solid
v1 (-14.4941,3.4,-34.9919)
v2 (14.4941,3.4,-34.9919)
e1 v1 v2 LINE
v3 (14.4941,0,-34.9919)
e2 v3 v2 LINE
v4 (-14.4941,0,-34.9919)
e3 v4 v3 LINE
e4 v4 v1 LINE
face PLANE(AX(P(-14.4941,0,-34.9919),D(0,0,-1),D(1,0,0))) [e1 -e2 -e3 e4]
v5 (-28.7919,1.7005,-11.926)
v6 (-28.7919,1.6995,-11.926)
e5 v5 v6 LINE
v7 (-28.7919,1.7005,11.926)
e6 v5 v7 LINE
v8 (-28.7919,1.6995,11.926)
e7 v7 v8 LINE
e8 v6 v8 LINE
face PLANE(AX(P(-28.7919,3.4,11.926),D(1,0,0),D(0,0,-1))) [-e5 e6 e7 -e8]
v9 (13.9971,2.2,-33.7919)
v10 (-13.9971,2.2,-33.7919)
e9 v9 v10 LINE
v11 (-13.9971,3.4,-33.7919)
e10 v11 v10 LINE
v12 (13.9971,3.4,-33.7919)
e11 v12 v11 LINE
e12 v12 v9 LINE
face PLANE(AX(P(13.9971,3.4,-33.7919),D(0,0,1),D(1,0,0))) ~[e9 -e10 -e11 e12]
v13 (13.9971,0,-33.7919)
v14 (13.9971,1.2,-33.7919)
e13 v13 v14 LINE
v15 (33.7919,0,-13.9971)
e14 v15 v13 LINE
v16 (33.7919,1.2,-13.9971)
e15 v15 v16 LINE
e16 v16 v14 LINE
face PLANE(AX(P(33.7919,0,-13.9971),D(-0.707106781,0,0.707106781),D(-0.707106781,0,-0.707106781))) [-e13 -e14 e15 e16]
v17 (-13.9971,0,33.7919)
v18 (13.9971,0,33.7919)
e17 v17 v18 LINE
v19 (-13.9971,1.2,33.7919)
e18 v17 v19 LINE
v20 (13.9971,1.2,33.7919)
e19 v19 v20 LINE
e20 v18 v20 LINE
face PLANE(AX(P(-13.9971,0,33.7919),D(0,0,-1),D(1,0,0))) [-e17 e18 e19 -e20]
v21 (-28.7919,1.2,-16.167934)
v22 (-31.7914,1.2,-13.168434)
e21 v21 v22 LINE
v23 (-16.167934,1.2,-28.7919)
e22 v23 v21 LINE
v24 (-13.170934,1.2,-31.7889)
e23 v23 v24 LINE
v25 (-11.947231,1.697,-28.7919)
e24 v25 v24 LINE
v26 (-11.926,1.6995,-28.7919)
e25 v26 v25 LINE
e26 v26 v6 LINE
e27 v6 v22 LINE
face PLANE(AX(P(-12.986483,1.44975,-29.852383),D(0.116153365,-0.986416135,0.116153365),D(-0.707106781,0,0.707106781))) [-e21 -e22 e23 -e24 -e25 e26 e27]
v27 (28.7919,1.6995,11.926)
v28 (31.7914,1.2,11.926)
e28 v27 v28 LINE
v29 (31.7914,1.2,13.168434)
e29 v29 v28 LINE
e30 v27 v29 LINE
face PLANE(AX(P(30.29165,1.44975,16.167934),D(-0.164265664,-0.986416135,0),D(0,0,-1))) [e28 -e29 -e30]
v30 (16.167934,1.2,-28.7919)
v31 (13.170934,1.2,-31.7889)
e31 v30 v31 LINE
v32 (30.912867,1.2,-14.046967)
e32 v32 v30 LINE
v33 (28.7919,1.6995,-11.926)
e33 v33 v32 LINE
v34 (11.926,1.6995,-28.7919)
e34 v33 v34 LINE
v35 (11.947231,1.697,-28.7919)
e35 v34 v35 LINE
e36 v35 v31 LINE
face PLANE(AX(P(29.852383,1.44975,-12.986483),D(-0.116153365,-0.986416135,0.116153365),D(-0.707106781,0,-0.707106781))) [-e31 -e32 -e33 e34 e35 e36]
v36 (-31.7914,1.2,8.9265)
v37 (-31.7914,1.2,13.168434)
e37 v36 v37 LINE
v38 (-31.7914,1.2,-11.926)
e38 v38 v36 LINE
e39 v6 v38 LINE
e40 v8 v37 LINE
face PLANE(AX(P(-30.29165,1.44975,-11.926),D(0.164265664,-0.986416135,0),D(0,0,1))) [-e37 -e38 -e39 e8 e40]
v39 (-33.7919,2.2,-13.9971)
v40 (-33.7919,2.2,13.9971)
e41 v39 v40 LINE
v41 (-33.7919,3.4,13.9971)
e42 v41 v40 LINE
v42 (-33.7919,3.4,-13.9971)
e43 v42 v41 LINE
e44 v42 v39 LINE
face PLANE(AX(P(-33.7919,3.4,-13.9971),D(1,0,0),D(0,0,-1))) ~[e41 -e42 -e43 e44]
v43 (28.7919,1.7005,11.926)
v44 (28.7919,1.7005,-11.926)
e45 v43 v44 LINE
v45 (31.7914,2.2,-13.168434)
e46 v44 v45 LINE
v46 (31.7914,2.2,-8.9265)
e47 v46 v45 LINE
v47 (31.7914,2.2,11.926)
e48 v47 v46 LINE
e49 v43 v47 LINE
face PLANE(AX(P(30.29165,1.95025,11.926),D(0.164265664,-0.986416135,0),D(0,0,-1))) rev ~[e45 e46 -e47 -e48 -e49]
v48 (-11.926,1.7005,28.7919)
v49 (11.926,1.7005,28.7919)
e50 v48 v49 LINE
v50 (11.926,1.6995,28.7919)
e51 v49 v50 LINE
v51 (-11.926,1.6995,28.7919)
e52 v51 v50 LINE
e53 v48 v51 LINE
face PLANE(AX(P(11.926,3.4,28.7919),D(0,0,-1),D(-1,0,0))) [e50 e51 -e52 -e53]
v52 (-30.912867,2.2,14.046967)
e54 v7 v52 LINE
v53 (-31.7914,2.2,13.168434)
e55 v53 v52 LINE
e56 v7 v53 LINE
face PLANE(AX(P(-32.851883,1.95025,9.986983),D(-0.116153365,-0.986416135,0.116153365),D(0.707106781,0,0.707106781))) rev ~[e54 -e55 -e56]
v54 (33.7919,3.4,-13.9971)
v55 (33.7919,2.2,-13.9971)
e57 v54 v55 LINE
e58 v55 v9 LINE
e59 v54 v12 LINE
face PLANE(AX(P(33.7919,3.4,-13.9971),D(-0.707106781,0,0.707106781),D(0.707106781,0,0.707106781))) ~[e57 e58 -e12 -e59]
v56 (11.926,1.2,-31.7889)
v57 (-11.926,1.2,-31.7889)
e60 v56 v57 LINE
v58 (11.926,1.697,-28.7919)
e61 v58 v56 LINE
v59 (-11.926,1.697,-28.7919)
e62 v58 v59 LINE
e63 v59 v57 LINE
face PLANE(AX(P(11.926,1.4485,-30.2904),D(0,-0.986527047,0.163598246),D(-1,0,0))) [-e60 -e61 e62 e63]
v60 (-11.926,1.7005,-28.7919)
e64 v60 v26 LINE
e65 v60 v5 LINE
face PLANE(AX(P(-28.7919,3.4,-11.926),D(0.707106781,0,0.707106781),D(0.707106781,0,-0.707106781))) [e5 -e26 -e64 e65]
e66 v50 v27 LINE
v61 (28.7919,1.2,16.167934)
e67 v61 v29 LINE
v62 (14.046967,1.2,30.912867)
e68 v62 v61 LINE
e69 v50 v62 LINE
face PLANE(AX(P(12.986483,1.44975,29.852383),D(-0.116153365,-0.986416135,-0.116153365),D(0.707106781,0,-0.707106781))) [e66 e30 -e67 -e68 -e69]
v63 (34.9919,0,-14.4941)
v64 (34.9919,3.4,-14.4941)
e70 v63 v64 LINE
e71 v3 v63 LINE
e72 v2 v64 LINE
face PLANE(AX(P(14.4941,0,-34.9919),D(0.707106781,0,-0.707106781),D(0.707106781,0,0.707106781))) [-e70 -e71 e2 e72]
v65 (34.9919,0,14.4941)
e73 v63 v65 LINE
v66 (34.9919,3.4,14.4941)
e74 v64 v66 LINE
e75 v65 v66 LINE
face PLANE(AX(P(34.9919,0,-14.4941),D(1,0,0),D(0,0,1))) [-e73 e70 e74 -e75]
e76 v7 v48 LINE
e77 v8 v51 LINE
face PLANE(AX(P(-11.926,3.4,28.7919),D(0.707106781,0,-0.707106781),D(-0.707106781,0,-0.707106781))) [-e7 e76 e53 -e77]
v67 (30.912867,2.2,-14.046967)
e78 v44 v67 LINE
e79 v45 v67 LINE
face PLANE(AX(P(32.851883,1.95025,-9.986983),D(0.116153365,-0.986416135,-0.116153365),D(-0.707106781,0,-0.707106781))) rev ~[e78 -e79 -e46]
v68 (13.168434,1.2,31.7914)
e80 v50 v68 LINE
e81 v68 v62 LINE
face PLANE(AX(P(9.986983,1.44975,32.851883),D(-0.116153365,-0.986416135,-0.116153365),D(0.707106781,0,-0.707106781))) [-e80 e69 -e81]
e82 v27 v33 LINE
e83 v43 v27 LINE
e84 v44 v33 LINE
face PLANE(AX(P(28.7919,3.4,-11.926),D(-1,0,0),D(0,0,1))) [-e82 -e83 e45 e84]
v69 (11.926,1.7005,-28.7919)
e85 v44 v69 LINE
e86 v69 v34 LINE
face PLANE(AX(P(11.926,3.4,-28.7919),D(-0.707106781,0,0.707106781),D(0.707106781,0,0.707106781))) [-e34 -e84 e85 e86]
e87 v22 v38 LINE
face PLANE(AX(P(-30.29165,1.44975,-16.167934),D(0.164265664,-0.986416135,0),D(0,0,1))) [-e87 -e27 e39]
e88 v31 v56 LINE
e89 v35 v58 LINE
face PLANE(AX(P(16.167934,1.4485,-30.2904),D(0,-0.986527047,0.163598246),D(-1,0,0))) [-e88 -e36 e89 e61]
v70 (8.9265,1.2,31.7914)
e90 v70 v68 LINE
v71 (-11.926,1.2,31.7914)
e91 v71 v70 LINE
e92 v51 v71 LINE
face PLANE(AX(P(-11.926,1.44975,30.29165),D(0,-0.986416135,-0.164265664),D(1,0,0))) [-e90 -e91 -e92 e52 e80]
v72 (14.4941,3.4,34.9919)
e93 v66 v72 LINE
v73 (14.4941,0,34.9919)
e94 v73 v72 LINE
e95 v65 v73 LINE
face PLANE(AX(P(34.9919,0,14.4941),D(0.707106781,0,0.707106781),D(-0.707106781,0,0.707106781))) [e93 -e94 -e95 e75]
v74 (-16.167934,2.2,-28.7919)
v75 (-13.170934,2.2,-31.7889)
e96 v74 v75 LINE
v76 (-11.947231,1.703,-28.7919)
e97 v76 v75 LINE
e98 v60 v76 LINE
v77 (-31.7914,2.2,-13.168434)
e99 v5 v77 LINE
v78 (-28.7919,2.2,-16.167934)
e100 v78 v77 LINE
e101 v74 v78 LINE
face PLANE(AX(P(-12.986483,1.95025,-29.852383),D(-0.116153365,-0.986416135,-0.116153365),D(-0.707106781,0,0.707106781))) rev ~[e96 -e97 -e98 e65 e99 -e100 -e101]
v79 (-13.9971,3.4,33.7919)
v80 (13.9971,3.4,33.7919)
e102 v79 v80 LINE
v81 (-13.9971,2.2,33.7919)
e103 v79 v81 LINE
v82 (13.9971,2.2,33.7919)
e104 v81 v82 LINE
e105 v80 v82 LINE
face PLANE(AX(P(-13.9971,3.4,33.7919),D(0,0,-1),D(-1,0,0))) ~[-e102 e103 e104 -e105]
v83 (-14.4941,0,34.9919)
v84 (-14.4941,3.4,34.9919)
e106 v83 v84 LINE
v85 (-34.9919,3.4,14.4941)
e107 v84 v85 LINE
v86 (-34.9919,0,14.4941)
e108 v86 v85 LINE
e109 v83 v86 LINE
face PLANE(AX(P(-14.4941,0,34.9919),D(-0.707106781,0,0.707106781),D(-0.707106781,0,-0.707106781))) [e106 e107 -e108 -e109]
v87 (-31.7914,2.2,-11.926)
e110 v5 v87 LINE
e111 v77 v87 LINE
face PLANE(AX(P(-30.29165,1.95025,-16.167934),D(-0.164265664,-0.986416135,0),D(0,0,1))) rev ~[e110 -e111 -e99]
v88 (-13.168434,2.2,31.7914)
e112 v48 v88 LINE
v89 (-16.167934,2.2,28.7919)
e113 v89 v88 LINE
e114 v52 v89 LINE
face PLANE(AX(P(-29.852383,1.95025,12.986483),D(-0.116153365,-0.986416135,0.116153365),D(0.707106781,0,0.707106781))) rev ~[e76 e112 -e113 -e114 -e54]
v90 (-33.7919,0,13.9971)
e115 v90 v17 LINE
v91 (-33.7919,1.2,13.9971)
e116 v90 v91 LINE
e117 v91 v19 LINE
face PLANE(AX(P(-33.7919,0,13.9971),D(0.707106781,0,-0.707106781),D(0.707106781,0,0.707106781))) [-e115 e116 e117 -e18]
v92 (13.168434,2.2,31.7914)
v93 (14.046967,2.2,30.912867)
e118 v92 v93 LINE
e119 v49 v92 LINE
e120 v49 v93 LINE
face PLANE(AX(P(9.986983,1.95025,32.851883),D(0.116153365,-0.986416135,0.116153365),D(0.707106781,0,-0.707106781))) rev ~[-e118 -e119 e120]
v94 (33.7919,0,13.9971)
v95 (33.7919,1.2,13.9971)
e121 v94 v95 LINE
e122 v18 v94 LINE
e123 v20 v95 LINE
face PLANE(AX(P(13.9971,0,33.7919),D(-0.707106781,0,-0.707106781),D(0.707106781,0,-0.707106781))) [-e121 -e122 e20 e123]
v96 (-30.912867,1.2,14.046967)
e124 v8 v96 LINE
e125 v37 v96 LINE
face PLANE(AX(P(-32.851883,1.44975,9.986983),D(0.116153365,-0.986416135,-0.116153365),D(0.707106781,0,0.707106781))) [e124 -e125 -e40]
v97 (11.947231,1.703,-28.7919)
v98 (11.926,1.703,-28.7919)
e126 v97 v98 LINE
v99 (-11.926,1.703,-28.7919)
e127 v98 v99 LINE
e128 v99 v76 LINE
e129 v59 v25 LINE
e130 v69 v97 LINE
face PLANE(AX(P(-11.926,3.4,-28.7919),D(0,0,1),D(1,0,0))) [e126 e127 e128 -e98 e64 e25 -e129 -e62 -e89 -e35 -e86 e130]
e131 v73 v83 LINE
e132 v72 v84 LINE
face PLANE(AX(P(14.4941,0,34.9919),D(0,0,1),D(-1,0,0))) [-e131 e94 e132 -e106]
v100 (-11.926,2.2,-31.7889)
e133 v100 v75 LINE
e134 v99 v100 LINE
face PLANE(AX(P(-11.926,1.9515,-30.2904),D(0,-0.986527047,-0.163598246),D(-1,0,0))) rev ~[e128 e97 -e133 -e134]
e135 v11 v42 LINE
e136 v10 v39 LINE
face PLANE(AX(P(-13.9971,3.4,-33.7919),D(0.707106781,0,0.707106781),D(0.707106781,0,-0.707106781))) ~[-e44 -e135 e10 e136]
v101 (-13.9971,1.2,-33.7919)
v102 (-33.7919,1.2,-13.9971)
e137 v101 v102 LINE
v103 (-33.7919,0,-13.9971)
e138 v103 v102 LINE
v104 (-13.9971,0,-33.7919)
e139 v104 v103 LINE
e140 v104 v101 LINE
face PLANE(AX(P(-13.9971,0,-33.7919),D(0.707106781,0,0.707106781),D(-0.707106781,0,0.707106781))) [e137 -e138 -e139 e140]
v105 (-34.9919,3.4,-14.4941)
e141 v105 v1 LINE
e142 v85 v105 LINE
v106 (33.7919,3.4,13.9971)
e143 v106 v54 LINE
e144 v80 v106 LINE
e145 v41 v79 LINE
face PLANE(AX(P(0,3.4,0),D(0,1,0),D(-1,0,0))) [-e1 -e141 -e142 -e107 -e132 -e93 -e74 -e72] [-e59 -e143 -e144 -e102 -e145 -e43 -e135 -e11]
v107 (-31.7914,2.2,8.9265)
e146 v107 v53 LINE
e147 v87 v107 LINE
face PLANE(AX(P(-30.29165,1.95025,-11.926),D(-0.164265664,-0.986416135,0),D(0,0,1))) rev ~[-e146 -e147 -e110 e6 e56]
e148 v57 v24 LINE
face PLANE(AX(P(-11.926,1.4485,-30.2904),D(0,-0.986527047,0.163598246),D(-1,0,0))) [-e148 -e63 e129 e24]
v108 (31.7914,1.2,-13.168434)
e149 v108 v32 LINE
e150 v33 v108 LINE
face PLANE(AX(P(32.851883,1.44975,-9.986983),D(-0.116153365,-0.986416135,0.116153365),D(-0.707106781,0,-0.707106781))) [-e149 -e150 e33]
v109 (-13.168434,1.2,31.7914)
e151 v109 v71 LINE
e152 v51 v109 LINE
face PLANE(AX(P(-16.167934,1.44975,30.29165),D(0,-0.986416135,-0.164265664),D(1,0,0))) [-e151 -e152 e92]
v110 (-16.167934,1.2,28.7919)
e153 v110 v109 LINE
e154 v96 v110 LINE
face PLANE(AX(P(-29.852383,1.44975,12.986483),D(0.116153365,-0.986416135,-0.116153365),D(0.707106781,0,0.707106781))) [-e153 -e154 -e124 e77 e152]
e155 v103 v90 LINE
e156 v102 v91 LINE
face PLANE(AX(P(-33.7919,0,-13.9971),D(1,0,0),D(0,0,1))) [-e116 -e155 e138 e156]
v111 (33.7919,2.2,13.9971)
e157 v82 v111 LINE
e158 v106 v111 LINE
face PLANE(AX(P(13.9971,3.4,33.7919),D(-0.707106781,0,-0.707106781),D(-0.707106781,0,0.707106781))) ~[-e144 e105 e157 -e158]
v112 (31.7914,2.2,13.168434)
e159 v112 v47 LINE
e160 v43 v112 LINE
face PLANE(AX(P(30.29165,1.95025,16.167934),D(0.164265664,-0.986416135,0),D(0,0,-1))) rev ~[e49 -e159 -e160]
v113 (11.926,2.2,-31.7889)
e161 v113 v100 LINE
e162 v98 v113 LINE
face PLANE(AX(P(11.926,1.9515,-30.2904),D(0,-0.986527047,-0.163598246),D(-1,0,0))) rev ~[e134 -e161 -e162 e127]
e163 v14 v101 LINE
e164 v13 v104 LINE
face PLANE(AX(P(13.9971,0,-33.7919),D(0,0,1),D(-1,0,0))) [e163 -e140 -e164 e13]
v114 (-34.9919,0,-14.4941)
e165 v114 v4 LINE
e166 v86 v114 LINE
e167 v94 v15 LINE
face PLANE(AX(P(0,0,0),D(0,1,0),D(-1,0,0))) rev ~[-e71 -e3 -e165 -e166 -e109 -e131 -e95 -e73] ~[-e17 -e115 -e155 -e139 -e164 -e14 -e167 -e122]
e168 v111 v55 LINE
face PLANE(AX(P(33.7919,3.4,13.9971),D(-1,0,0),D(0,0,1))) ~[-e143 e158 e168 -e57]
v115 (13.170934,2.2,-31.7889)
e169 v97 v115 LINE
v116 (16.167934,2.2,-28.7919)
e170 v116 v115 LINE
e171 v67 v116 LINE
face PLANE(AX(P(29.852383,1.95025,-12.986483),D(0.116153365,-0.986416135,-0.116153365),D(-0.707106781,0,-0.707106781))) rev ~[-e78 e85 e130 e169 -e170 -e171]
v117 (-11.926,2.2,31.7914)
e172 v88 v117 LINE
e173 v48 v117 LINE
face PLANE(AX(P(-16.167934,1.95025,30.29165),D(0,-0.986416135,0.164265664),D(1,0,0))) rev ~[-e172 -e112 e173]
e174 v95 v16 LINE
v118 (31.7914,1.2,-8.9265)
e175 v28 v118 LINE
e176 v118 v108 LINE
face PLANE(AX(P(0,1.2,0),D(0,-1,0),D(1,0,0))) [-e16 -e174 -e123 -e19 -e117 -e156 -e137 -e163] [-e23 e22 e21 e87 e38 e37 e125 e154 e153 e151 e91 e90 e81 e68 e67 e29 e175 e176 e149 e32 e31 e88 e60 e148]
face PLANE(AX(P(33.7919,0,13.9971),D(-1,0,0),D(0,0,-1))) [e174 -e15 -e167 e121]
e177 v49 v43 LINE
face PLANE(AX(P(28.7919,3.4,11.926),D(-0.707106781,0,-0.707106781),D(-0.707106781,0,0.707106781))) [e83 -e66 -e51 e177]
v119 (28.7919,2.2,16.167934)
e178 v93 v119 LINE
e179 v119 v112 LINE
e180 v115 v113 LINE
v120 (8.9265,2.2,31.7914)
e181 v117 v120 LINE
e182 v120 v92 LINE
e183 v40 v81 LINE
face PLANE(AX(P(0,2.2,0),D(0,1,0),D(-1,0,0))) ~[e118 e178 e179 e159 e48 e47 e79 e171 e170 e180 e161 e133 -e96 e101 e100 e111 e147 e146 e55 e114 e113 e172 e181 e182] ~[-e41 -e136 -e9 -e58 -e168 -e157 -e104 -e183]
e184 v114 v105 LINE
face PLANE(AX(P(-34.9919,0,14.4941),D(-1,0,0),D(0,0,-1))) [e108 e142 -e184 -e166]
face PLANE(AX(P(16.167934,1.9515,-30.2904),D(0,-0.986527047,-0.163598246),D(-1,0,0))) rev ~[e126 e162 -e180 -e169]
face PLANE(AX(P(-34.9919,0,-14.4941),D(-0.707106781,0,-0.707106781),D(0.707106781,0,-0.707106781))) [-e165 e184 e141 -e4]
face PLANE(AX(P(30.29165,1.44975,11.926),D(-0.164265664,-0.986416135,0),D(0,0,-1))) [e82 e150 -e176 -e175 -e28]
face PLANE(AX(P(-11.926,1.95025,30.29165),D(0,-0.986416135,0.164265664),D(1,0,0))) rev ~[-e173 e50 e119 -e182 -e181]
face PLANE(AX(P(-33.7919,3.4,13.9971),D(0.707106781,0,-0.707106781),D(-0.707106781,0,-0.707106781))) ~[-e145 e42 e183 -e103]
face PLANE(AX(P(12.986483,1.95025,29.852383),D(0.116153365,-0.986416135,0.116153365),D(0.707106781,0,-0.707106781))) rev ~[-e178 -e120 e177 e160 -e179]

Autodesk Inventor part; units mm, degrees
ref_plane "YZ Plane" through (0, 0, 0) normal (1, 0, 0) x (0, 1, 0)
ref_plane "XZ Plane" through (0, 0, 0) normal (0, 1, 0) x (-1, 0, 0)
sketch "스케치1" plane through (0, 0, 0) normal (0, 1, 0) x (-1, 0, 0)
  line L0 (-32.5919, 13.5) -> (-13.5, 32.5919)
  line L1 (-13.5, 32.5919) -> (13.5, 32.5919)
  line L2 (13.5, 32.5919) -> (32.5919, 13.5)
  line L3 (32.5919, 13.5) -> (32.5919, -13.5)
  line L4 (32.5919, -13.5) -> (13.5, -32.5919)
  line L5 (13.5, -32.5919) -> (-13.5, -32.5919)
  line L6 (-13.5, -32.5919) -> (-32.5919, -13.5)
  line L7 (-32.5919, -13.5) -> (-32.5919, 13.5)
  line L8 (34.9919, 14.4941) -> (34.9919, -14.4941)
  line L9 (34.9919, -14.4941) -> (14.4941, -34.9919)
  line L10 (14.4941, -34.9919) -> (-14.4941, -34.9919)
  line L11 (-14.4941, -34.9919) -> (-34.9919, -14.4941)
  line L12 (-34.9919, -14.4941) -> (-34.9919, 14.4941)
  line L13 (-34.9919, 14.4941) -> (-14.4941, 34.9919)
  line L14 (-14.4941, 34.9919) -> (14.4941, 34.9919)
  line L15 (14.4941, 34.9919) -> (34.9919, 14.4941)
  point P0 (0, 0)
  point P1 (0, 0)
  point P2 (0, 0)
  dimension "d0" = 27
  dimension "d1" = 2.4
extrude "돌출1" add sketch "스케치1" along normal blind 3.4 contours L0 L1 L2 L3 L4 L5 L6 L7 | L8 L9 L10 L11 L12 L13 L14 L15
sketch "스케치3" plane through (0, 0, 0) normal (0, -1, 0) x (1, 0, 0)
  line L0 (-13.5, 32.5919) -> (13.5, 32.5919)
  line L1 (13.5, 32.5919) -> (32.5919, 13.5)
  line L2 (32.5919, 13.5) -> (32.5919, -13.5)
  line L3 (32.5919, -13.5) -> (13.5, -32.5919)
  line L4 (13.5, -32.5919) -> (-13.5, -32.5919)
  line L5 (-13.5, -32.5919) -> (-32.5919, -13.5)
  line L6 (-32.5919, -13.5) -> (-32.5919, 13.5)
  line L7 (-32.5919, 13.5) -> (-13.5, 32.5919)
  line L8 (-13.9971, 33.7919) -> (13.9971, 33.7919)
  line L9 (13.9971, 33.7919) -> (33.7919, 13.9971)
  line L10 (33.7919, 13.9971) -> (33.7919, -13.9971)
  line L11 (33.7919, -13.9971) -> (13.9971, -33.7919)
  line L12 (13.9971, -33.7919) -> (-13.9971, -33.7919)
  line L13 (-13.9971, -33.7919) -> (-33.7919, -13.9971)
  line L14 (-33.7919, -13.9971) -> (-33.7919, 13.9971)
  line L15 (-33.7919, 13.9971) -> (-13.9971, 33.7919)
  line L16 (-13.1686, 31.7919) -> (13.1686, 31.7919)
  line L17 (13.1686, 31.7919) -> (31.7919, 13.1686)
  line L18 (31.7919, 13.1686) -> (31.7919, -13.1686)
  line L19 (31.7919, -13.1686) -> (13.1686, -31.7919)
  line L20 (13.1686, -31.7919) -> (-13.1686, -31.7919)
  line L21 (-13.1686, -31.7919) -> (-31.7919, -13.1686)
  line L22 (-31.7919, -13.1686) -> (-31.7919, 13.1686)
  line L23 (-31.7919, 13.1686) -> (-13.1686, 31.7919)
  point P0 (0, 0)
  point P1 (0, 0)
  point P2 (0, 0)
  point P3 (0, 0)
  dimension "d8" = 27
  dimension "d9" = 1.2
  dimension "d19" = 0.8
extrude "돌출3" cut sketch "스케치3" against normal blind 1.2 contours L0 L1 L2 L3 L4 L5 L6 L7 | L8 L9 L10 L11 L12 L13 L14 L15 | L16 L17 L18 L19 L20 L21 L22 L23
sketch "스케치4" plane through (0, 3.4, 0) normal (0, 1, 0) x (1, 0, 0)
  line L0 (11.926, -28.7919) -> (-11.926, -28.7919)
  line L1 (-11.926, -28.7919) -> (-28.7919, -11.926)
  line L2 (-28.7919, -11.926) -> (-28.7919, 11.926)
  line L3 (-28.7919, 11.926) -> (-11.926, 28.7919)
  line L4 (-11.926, 28.7919) -> (11.926, 28.7919)
  line L5 (11.926, 28.7919) -> (28.7919, 11.926)
  line L6 (28.7919, 11.926) -> (28.7919, -11.926)
  line L7 (28.7919, -11.926) -> (11.926, -28.7919)
  line L8 (-31.7919, -13.1686) -> (-31.7919, 13.1686) projected
  point P0 (0, 0)
  point P1 (0, 0)
  dimension "d21" = 3
extrude "돌출4" cut sketch "스케치4" against normal blind 5
ref_plane "작업 평면1" through (0, 1.7, 0) normal (0, 1, 0) x (1, 0, 0)
sketch "스케치6" plane through (0, 0, 0) normal (0, -1, 0) x (1, 0, 0)
  line L0 (28.7919, -11.926) -> (11.926, -28.7919) projected
  line L1 (11.926, -28.7919) -> (-11.926, -28.7919) projected
  line L2 (-11.926, -28.7919) -> (-28.7919, -11.926) projected
  line L3 (-28.7919, -11.926) -> (-28.7919, 11.926) projected
  line L4 (-28.7919, 11.926) -> (-11.926, 28.7919) projected
  line L5 (-11.926, 28.7919) -> (11.926, 28.7919) projected
  line L6 (11.926, 28.7919) -> (28.7919, 11.926) projected
  line L7 (28.7919, 11.926) -> (28.7919, -11.926) projected
  line L8 (31.7919, 13.1686) -> (13.1686, 31.7919) projected
  line L9 (13.1686, 31.7919) -> (-13.1686, 31.7919) projected
  line L10 (-13.1686, 31.7919) -> (-31.7919, 13.1686) projected
  line L11 (-31.7919, 13.1686) -> (-31.7919, -13.1686) projected
  line L12 (-31.7919, -13.1686) -> (-13.1686, -31.7919) projected
  line L13 (-13.1686, -31.7919) -> (13.1686, -31.7919) projected
  line L14 (13.1686, -31.7919) -> (31.7919, -13.1686) projected
  line L15 (31.7919, -13.1686) -> (31.7919, 13.1686) projected
  point P0 (0, 0)
extrude "돌출7" cut sketch "스케치6" against normal blind 1.2
mirror "미러2" about plane through (0, 1.7, 0) normal (0, 1, 0) of "돌출7", "돌출3"
chamfer "모따기22" distance 0.5 distance2 3 2 edges at (-20.3589, 1.2, -20.3589) (-20.3589, 2.2, -20.3589) measured on face at (-17.548, 1.8667, -23.1699)
chamfer "모따기23" distance 0.5 distance2 3 2 edges at (-28.7919, 1.2, 0) (-28.7919, 2.2, 0) measured on face at (-28.7919, 1.6998, 3.9753)
chamfer "모따기24" distance 0.5 distance2 3 2 edges at (-20.3589, 1.2, 20.3589) (-20.3589, 2.2, 20.3589) measured on face at (-17.548, 1.6998, 23.1699)
chamfer "모따기25" distance 0.5 distance2 3 2 edges at (0, 1.2, 28.7919) (0, 2.2, 28.7919) measured on face at (3.9753, 1.6998, 28.7919)
chamfer "모따기26" distance 0.5 distance2 3 2 edges at (20.3589, 1.2, 20.3589) (20.3589, 2.2, 20.3589) measured on face at (23.1699, 1.7002, 17.548)
chamfer "모따기27" distance 0.5 distance2 3 2 edges at (28.7919, 1.2, 0) (28.7919, 2.2, 0) measured on face at (28.7919, 1.7002, -3.9753)
chamfer "모따기28" distance 0.5 distance2 3 2 edges at (20.3589, 1.2, -20.3589) (20.3589, 2.2, -20.3589) measured on face at (17.548, 1.7002, -23.1699)
chamfer "모따기29" distance 0.5 distance2 3 2 edges at (0, 1.2, -28.7919) (0, 2.2, -28.7919) measured on face at (-3.9753, 2.0335, -28.7919)
properties part number "OV-PAM_ring_2"
